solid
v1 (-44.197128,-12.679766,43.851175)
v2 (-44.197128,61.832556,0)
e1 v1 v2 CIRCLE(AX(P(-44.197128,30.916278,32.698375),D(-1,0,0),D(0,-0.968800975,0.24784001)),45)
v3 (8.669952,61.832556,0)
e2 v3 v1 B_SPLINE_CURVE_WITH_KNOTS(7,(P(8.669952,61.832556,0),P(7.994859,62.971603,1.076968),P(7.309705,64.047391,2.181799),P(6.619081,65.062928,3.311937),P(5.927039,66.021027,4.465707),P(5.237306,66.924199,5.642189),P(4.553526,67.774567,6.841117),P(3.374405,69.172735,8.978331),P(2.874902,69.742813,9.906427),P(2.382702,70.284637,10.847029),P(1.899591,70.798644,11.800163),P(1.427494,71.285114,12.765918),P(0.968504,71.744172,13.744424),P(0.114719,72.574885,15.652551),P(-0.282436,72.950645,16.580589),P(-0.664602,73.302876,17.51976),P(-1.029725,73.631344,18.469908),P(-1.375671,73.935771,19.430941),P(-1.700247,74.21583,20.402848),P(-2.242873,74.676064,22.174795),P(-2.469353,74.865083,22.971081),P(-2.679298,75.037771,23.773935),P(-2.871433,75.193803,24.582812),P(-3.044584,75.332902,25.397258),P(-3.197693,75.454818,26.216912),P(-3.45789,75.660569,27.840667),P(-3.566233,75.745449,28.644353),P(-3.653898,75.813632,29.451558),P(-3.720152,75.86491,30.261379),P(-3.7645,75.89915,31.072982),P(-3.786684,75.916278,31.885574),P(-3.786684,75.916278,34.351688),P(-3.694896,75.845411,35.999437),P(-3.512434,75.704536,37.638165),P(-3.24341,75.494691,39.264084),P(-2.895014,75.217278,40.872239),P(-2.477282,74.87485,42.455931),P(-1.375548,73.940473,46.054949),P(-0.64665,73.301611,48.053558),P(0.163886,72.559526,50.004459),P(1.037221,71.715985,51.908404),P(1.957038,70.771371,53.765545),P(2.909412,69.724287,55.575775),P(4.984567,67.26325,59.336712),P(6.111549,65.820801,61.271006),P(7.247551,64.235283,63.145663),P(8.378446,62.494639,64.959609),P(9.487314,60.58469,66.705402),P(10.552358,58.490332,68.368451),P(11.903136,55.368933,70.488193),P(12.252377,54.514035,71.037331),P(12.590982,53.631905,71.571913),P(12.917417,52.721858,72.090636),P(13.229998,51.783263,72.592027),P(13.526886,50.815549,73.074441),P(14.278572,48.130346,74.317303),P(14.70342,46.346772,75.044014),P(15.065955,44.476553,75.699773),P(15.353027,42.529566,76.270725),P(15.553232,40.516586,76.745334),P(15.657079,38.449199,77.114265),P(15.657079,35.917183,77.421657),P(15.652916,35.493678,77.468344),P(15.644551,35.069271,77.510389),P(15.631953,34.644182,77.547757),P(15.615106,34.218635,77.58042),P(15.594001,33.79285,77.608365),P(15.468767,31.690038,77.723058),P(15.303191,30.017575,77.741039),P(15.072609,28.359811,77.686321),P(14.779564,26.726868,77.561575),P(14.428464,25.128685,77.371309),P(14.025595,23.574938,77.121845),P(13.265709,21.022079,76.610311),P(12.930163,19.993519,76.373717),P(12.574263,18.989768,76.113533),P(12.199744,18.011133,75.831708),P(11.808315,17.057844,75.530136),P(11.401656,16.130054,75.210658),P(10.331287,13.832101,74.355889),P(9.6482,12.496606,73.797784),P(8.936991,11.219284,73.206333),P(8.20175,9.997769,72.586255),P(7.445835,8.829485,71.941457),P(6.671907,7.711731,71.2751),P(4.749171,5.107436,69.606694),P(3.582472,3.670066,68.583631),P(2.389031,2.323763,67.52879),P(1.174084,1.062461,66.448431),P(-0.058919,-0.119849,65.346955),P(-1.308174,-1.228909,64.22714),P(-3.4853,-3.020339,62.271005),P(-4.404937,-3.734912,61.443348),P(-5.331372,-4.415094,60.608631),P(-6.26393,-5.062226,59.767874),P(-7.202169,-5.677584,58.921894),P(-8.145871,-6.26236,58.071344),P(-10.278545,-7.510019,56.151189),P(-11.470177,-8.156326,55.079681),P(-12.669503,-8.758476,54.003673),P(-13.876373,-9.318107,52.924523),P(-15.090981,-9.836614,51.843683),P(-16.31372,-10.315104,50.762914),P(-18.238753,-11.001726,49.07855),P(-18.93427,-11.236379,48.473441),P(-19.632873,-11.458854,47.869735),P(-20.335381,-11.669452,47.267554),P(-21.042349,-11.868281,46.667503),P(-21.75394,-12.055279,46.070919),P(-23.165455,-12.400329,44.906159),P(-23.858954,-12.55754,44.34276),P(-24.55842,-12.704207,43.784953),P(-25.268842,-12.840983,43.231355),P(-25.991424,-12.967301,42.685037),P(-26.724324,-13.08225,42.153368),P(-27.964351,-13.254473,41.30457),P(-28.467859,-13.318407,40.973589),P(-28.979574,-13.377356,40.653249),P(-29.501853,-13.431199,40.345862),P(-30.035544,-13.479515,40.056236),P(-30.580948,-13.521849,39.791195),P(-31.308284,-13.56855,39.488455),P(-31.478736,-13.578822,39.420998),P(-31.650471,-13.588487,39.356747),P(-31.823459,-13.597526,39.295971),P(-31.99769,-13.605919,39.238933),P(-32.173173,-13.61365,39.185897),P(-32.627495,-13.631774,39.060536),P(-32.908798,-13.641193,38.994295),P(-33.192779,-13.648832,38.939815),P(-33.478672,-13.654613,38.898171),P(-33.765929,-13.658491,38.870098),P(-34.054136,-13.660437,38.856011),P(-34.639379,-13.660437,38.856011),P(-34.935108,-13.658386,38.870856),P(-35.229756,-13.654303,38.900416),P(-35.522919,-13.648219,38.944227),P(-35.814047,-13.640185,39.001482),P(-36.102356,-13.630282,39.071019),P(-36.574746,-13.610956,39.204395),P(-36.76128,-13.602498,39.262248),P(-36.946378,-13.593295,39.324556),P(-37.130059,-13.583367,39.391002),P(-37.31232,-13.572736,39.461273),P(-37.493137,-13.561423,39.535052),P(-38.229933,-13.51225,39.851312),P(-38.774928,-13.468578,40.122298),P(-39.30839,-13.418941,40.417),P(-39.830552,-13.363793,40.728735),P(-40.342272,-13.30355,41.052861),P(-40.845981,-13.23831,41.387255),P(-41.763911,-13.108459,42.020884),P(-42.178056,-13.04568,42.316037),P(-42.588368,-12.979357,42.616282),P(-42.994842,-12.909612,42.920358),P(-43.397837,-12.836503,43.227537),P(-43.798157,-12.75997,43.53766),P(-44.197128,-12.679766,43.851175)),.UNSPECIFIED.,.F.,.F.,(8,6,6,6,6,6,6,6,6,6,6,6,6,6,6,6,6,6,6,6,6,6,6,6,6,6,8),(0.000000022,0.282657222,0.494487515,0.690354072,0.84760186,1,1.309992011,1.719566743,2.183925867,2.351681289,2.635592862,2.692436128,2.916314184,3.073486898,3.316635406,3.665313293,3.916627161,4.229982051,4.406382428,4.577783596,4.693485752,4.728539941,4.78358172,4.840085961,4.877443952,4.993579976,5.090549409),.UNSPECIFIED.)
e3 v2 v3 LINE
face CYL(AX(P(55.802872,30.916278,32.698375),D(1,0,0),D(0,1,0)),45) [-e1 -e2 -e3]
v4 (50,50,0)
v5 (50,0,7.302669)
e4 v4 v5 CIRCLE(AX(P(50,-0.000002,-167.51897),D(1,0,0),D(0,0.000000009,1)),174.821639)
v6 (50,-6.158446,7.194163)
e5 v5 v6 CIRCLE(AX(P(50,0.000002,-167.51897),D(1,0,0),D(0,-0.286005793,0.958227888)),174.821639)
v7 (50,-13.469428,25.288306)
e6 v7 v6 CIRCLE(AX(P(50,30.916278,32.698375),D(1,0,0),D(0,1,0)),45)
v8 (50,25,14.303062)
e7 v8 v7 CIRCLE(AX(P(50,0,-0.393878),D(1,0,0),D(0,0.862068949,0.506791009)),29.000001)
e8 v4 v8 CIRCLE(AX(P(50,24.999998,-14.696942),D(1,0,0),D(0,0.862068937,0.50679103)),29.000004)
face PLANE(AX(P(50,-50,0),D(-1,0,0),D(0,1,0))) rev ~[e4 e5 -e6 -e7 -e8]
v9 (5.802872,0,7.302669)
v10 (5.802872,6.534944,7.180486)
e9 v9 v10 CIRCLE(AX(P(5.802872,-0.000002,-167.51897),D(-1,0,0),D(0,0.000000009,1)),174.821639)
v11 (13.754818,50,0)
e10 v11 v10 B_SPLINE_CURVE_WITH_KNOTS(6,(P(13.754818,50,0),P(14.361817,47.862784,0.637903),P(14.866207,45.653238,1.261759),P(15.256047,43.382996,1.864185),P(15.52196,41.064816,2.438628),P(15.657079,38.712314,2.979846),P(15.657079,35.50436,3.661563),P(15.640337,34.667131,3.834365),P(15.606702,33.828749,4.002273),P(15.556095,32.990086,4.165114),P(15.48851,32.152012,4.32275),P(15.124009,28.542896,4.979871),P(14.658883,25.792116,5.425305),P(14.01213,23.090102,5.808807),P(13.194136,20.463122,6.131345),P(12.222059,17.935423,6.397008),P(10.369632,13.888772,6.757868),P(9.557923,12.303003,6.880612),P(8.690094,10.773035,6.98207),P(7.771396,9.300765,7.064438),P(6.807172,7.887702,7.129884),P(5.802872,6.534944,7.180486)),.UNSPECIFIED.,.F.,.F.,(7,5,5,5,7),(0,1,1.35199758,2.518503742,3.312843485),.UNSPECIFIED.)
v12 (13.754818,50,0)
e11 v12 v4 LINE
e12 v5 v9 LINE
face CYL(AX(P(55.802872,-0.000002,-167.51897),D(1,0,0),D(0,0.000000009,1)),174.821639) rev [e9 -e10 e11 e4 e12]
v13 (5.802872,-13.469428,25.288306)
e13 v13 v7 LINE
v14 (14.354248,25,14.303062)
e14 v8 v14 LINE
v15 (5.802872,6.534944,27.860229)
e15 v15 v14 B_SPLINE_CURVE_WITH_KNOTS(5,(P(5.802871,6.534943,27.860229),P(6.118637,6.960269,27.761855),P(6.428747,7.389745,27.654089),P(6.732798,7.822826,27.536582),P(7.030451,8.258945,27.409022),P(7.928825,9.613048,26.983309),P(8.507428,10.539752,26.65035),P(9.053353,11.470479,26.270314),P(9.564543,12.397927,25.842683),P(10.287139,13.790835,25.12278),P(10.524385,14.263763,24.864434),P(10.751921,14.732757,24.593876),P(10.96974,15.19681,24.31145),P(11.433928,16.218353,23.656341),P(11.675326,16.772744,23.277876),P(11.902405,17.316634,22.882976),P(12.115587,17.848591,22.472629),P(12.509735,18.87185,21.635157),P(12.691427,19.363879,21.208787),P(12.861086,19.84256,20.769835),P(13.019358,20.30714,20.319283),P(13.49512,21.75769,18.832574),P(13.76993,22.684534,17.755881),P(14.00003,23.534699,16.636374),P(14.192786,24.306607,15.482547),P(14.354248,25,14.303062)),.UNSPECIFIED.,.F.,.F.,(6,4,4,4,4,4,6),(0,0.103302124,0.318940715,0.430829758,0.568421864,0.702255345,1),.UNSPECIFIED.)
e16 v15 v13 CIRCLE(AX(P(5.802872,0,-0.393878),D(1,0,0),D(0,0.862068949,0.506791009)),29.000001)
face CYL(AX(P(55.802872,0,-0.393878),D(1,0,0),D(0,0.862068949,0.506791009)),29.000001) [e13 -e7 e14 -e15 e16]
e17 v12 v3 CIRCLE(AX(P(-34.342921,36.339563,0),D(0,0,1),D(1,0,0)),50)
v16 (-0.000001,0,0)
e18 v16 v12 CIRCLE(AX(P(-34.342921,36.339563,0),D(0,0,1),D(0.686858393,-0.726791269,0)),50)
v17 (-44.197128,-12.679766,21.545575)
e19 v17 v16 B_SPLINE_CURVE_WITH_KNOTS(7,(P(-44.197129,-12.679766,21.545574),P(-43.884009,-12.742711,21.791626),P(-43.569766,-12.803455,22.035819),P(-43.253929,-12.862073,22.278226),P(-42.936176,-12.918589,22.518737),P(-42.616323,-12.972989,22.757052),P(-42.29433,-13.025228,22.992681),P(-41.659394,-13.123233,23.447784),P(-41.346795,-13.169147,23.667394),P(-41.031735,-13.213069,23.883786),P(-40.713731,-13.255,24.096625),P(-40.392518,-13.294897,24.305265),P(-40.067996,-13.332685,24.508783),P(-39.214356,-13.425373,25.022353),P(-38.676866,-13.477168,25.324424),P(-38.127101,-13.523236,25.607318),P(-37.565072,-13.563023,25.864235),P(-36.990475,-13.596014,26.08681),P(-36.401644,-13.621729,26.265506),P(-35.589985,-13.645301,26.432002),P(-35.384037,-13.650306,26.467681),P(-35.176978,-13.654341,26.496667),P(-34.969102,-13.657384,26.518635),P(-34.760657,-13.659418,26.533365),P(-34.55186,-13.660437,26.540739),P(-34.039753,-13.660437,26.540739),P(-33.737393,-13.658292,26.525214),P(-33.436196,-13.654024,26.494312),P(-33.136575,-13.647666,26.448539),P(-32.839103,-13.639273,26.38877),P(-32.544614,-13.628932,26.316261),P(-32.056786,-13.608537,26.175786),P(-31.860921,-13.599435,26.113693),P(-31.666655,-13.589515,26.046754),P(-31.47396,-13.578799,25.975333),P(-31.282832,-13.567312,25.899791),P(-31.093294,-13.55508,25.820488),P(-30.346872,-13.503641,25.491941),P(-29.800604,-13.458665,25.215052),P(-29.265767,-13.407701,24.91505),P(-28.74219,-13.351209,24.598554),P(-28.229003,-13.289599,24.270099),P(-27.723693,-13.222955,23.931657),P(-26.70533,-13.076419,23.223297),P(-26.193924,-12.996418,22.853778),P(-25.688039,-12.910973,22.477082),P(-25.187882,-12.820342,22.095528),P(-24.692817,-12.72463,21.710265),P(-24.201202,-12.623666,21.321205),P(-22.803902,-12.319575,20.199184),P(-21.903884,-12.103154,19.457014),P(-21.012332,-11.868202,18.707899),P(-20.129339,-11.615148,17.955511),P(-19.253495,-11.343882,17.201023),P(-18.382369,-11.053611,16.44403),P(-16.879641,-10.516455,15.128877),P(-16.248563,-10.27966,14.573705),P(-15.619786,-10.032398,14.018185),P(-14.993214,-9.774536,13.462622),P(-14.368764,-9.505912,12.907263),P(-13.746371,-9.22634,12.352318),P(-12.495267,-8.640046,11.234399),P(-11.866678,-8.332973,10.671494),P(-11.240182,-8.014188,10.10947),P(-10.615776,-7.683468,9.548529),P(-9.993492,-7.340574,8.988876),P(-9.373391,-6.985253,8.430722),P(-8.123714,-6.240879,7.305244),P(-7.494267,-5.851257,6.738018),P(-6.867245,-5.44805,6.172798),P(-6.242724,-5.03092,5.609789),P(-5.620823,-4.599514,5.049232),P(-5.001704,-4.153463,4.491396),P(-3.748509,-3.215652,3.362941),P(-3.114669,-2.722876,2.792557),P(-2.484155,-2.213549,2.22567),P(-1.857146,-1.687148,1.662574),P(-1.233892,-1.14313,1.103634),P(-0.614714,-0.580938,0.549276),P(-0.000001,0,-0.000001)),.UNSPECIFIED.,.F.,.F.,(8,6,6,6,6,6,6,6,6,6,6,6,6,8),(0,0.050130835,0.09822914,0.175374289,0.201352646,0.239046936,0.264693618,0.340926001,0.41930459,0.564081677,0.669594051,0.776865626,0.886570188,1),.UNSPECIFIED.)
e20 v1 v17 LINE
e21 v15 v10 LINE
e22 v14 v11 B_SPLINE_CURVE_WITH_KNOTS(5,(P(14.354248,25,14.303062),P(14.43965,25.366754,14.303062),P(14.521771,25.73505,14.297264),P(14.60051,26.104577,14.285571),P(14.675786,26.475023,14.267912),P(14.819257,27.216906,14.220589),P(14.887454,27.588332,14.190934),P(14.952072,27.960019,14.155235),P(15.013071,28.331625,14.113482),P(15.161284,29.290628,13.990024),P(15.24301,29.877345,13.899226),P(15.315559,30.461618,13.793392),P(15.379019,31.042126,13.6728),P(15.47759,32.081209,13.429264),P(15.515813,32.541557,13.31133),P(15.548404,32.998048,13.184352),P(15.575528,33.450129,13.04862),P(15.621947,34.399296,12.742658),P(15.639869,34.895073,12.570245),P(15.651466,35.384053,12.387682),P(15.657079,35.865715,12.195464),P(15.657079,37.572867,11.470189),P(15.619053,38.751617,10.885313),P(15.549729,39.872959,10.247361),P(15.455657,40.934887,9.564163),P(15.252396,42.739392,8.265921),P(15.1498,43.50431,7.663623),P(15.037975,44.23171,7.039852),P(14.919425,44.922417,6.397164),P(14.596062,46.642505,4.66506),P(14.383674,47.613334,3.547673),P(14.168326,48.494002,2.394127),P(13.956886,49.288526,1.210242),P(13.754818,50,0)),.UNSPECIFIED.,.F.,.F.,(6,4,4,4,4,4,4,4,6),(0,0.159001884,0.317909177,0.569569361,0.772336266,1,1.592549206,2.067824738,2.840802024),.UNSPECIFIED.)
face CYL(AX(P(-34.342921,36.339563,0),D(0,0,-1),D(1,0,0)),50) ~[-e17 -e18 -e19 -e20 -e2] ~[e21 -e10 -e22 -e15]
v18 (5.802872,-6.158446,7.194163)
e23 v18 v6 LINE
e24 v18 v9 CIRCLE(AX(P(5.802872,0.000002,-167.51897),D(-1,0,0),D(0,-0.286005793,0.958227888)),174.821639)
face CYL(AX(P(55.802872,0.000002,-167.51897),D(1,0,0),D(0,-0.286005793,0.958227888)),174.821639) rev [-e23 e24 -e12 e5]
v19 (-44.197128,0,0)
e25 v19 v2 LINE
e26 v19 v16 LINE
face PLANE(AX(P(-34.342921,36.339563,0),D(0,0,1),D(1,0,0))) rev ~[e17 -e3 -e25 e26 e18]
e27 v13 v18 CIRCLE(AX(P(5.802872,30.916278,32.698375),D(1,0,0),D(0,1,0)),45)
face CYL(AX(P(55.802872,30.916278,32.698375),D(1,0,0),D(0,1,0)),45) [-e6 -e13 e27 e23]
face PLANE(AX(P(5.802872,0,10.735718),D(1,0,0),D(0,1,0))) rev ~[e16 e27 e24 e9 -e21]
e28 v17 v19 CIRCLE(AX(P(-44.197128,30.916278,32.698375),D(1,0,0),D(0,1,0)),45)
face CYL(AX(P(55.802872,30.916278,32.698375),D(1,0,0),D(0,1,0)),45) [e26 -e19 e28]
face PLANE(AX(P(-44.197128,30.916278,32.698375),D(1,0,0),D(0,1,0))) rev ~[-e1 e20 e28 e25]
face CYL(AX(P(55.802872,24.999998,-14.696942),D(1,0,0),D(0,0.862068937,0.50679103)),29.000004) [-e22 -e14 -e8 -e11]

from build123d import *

# Parameters (mm, degrees)
F0_W     = 100
F0_H     = 100
F2_DEPTH = 52
F4_DEPTH = 50
F5_R     = 50
F6_DEPTH = 100
F7_R     = 45
F8_DEPTH = 100


with BuildPart() as f2:
    # F0 (on Top) → F2 (new body)
    with BuildSketch(Plane.XY):
        Rectangle(F0_W, F0_H)
    extrude(amount=F2_DEPTH)

    # F3 (on offset) → F4 (intersect)
    with BuildSketch(Plane.YZ.offset(55.802872)):
        with BuildLine():
            ThreePointArc((25, 14.303062), (0, 28.606123), (-25, 14.303062))
            ThreePointArc((-25, 14.303062), (-39.401194, 10.474585), (-50, 0))
            ThreePointArc((-50, 0), (-25.265238, 5.467368), (0, 7.302669))
            ThreePointArc((0, 7.302669), (25.265238, 5.467368), (50, 0))
            ThreePointArc((50, 0), (39.401194, 10.474585), (25, 14.303062))
        make_face()
    extrude(amount=-F4_DEPTH, mode=Mode.INTERSECT)

    # F5 (on Top) → F6 (join)
    with BuildSketch(Plane.XY):
        with Locations((-34.342921, 36.339563)):
            Circle(F5_R)
    extrude(amount=F6_DEPTH)

    # F7 (on offset) → F8 (intersect)
    with BuildSketch(Plane.YZ.offset(55.802872)):
        with Locations((30.916278, 32.698375)):
            Circle(F7_R)
    extrude(amount=-F8_DEPTH, mode=Mode.INTERSECT)


solid = f2.part
